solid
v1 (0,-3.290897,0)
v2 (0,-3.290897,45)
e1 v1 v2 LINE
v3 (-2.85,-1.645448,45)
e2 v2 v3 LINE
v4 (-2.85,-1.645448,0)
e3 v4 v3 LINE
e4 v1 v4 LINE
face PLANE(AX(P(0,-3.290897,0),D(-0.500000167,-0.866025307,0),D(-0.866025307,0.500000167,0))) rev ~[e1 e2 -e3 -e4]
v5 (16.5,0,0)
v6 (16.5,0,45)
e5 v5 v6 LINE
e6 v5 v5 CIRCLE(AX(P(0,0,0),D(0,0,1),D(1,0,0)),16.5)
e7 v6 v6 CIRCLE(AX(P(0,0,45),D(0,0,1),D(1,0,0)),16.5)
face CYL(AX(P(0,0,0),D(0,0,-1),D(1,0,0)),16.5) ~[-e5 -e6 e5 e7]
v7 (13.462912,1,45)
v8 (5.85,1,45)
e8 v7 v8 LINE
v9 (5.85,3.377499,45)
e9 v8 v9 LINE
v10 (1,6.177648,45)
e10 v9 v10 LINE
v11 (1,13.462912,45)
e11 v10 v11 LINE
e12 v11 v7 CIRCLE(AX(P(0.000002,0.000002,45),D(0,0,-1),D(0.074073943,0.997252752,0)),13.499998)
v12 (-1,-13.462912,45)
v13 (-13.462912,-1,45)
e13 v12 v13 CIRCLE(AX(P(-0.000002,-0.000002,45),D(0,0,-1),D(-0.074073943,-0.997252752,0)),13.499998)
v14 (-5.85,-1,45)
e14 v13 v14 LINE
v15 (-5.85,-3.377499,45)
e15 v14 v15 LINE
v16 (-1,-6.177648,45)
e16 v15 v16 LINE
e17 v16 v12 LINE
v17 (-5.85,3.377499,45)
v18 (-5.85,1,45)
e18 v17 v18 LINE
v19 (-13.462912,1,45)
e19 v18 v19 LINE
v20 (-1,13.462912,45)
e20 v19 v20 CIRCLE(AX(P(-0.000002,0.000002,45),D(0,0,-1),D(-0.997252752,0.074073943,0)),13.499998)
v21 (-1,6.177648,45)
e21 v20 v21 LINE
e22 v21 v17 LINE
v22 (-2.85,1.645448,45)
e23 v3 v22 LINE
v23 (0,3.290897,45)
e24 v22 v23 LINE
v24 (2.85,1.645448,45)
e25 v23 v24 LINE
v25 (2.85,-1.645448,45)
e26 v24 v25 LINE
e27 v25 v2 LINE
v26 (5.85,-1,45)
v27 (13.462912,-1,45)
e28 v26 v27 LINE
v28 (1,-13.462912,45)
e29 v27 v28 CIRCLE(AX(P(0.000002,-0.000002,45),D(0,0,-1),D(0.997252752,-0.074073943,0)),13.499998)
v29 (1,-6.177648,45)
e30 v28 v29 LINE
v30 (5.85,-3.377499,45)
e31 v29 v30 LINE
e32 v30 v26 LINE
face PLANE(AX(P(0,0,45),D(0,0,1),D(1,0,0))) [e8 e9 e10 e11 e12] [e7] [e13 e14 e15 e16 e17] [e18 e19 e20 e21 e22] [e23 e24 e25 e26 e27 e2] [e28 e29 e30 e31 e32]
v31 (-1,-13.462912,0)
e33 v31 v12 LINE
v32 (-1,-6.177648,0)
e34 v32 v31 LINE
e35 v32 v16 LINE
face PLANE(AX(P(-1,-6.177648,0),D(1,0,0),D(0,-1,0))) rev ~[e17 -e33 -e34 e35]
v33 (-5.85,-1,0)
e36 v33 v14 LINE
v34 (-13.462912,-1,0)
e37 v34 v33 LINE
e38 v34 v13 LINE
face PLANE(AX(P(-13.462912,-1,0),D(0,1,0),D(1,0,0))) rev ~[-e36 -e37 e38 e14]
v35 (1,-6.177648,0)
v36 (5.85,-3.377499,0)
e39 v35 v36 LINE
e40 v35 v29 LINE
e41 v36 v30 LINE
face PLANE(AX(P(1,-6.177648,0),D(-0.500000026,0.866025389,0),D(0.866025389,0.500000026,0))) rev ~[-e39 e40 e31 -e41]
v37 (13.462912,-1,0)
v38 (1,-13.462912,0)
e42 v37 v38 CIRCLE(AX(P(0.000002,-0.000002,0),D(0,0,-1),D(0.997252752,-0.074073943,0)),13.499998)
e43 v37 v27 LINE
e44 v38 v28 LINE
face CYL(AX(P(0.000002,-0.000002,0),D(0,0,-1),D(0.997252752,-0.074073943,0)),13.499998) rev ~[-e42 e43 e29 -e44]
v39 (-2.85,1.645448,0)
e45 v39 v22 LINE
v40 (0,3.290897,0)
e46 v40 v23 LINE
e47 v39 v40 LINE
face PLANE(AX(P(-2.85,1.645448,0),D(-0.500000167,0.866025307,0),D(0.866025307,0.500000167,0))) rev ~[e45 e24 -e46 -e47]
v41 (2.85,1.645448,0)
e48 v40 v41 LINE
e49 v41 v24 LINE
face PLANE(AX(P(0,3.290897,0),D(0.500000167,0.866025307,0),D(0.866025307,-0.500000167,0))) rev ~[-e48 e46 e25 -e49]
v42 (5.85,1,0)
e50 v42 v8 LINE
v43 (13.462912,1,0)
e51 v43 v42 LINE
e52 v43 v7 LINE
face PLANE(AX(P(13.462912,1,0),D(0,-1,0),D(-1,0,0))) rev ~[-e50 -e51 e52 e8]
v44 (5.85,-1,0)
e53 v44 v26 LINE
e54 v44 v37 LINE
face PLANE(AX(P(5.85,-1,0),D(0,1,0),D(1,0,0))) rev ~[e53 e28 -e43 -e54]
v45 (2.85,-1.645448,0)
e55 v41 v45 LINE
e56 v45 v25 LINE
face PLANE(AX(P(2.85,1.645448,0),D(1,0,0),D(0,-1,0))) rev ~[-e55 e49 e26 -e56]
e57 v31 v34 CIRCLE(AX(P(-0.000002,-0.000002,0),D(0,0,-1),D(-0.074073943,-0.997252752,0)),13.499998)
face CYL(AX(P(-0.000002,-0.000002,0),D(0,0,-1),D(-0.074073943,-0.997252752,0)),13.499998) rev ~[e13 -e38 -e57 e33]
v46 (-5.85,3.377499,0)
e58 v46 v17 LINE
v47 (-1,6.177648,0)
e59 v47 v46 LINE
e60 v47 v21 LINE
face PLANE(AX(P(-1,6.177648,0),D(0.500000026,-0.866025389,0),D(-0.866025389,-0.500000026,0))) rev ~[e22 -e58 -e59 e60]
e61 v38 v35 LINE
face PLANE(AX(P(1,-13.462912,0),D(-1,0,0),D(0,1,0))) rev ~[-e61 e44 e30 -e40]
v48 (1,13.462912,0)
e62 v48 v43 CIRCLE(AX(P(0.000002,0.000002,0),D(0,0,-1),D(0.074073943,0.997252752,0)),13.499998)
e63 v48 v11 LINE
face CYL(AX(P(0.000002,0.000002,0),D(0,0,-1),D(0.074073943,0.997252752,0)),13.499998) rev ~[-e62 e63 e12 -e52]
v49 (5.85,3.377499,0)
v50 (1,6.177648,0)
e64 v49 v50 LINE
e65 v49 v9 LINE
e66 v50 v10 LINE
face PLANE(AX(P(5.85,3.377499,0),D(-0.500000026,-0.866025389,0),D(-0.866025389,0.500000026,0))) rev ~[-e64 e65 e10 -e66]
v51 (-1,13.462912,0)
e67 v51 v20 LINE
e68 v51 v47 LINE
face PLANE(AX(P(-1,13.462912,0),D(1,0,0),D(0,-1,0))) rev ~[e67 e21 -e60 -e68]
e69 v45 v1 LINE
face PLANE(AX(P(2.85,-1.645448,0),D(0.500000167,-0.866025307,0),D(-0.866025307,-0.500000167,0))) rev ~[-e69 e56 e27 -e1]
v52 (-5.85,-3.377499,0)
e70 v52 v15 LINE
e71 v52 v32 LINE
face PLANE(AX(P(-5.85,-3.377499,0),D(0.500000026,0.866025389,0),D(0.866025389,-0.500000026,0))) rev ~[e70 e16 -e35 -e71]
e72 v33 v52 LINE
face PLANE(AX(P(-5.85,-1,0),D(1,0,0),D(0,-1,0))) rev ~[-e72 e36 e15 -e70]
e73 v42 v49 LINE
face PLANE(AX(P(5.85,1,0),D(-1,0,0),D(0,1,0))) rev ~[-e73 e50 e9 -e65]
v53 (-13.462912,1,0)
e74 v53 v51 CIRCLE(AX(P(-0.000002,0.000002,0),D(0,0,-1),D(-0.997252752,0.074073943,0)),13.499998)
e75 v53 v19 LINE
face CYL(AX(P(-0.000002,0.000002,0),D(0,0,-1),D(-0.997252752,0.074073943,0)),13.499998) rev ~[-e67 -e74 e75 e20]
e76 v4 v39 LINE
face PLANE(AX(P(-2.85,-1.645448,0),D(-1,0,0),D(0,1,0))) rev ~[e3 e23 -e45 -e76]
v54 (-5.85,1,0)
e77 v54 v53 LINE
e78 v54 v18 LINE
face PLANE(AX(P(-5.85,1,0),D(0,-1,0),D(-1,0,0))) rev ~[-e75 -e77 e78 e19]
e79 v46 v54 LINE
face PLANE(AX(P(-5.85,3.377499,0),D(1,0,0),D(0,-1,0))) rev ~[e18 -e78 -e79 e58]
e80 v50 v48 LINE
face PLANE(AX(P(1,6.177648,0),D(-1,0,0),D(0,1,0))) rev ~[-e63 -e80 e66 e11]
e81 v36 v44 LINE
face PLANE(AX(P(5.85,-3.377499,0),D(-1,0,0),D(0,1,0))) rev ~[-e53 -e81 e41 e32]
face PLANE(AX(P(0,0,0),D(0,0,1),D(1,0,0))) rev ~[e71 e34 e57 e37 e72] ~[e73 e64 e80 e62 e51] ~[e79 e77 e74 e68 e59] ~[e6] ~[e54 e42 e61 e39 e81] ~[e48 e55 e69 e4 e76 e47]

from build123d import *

# Parameters (mm, degrees)
F0_R     = 16.5
F1_DEPTH = 45
F3_DEPTH = 45


with BuildPart() as f1:
    # F0 (on Top) → F1 (new body)
    with BuildSketch(Plane.XY):
        Circle(F0_R)
    extrude(amount=F1_DEPTH)

    # F2 (on face) → F3 (cut)
    with BuildSketch(Plane(origin=(0, 0, 0), x_dir=(1, 0, 0), z_dir=(0, 0, -1))):
        with BuildLine():
            Line((-1, -6.177648), (-5.85, -3.377499))
            Line((-5.85, -3.377499), (-5.85, -1))
            Line((-5.85, -1), (-13.462912, -1))
            ThreePointArc((-13.462912, -1), (-9.545942, -9.545942), (-1, -13.462912))
            Line((-1, -13.462912), (-1, -6.177648))
        make_face()
        with BuildLine():
            Line((5.85, -3.377499), (1, -6.177648))
            Line((1, -6.177648), (1, -13.462912))
            ThreePointArc((1, -13.462912), (9.545942, -9.545942), (13.462912, -1))
            Line((13.462912, -1), (5.85, -1))
            Line((5.85, -1), (5.85, -3.377499))
        make_face()
        with BuildLine():
            Line((-13.462912, 1), (-5.85, 1))
            Line((-5.85, 1), (-5.85, 3.377499))
            Line((-5.85, 3.377499), (-1, 6.177648))
            Line((-1, 6.177648), (-1, 13.462912))
            ThreePointArc((-1, 13.462912), (-9.545942, 9.545942), (-13.462912, 1))
        make_face()
        with BuildLine():
            ThreePointArc((13.462912, 1), (9.545942, 9.545942), (1, 13.462912))
            Line((1, 13.462912), (1, 6.177648))
            Line((1, 6.177648), (5.85, 3.377499))
            Line((5.85, 3.377499), (5.85, 1))
            Line((5.85, 1), (13.462912, 1))
        make_face()
        Polygon((2.85, -1.645448), (2.85, 1.645448), (0, 3.290897), (-2.85, 1.645448), (-2.85, -1.645448), (0, -3.290897), align=None)
    extrude(amount=-F3_DEPTH, mode=Mode.SUBTRACT)


solid = f1.part
